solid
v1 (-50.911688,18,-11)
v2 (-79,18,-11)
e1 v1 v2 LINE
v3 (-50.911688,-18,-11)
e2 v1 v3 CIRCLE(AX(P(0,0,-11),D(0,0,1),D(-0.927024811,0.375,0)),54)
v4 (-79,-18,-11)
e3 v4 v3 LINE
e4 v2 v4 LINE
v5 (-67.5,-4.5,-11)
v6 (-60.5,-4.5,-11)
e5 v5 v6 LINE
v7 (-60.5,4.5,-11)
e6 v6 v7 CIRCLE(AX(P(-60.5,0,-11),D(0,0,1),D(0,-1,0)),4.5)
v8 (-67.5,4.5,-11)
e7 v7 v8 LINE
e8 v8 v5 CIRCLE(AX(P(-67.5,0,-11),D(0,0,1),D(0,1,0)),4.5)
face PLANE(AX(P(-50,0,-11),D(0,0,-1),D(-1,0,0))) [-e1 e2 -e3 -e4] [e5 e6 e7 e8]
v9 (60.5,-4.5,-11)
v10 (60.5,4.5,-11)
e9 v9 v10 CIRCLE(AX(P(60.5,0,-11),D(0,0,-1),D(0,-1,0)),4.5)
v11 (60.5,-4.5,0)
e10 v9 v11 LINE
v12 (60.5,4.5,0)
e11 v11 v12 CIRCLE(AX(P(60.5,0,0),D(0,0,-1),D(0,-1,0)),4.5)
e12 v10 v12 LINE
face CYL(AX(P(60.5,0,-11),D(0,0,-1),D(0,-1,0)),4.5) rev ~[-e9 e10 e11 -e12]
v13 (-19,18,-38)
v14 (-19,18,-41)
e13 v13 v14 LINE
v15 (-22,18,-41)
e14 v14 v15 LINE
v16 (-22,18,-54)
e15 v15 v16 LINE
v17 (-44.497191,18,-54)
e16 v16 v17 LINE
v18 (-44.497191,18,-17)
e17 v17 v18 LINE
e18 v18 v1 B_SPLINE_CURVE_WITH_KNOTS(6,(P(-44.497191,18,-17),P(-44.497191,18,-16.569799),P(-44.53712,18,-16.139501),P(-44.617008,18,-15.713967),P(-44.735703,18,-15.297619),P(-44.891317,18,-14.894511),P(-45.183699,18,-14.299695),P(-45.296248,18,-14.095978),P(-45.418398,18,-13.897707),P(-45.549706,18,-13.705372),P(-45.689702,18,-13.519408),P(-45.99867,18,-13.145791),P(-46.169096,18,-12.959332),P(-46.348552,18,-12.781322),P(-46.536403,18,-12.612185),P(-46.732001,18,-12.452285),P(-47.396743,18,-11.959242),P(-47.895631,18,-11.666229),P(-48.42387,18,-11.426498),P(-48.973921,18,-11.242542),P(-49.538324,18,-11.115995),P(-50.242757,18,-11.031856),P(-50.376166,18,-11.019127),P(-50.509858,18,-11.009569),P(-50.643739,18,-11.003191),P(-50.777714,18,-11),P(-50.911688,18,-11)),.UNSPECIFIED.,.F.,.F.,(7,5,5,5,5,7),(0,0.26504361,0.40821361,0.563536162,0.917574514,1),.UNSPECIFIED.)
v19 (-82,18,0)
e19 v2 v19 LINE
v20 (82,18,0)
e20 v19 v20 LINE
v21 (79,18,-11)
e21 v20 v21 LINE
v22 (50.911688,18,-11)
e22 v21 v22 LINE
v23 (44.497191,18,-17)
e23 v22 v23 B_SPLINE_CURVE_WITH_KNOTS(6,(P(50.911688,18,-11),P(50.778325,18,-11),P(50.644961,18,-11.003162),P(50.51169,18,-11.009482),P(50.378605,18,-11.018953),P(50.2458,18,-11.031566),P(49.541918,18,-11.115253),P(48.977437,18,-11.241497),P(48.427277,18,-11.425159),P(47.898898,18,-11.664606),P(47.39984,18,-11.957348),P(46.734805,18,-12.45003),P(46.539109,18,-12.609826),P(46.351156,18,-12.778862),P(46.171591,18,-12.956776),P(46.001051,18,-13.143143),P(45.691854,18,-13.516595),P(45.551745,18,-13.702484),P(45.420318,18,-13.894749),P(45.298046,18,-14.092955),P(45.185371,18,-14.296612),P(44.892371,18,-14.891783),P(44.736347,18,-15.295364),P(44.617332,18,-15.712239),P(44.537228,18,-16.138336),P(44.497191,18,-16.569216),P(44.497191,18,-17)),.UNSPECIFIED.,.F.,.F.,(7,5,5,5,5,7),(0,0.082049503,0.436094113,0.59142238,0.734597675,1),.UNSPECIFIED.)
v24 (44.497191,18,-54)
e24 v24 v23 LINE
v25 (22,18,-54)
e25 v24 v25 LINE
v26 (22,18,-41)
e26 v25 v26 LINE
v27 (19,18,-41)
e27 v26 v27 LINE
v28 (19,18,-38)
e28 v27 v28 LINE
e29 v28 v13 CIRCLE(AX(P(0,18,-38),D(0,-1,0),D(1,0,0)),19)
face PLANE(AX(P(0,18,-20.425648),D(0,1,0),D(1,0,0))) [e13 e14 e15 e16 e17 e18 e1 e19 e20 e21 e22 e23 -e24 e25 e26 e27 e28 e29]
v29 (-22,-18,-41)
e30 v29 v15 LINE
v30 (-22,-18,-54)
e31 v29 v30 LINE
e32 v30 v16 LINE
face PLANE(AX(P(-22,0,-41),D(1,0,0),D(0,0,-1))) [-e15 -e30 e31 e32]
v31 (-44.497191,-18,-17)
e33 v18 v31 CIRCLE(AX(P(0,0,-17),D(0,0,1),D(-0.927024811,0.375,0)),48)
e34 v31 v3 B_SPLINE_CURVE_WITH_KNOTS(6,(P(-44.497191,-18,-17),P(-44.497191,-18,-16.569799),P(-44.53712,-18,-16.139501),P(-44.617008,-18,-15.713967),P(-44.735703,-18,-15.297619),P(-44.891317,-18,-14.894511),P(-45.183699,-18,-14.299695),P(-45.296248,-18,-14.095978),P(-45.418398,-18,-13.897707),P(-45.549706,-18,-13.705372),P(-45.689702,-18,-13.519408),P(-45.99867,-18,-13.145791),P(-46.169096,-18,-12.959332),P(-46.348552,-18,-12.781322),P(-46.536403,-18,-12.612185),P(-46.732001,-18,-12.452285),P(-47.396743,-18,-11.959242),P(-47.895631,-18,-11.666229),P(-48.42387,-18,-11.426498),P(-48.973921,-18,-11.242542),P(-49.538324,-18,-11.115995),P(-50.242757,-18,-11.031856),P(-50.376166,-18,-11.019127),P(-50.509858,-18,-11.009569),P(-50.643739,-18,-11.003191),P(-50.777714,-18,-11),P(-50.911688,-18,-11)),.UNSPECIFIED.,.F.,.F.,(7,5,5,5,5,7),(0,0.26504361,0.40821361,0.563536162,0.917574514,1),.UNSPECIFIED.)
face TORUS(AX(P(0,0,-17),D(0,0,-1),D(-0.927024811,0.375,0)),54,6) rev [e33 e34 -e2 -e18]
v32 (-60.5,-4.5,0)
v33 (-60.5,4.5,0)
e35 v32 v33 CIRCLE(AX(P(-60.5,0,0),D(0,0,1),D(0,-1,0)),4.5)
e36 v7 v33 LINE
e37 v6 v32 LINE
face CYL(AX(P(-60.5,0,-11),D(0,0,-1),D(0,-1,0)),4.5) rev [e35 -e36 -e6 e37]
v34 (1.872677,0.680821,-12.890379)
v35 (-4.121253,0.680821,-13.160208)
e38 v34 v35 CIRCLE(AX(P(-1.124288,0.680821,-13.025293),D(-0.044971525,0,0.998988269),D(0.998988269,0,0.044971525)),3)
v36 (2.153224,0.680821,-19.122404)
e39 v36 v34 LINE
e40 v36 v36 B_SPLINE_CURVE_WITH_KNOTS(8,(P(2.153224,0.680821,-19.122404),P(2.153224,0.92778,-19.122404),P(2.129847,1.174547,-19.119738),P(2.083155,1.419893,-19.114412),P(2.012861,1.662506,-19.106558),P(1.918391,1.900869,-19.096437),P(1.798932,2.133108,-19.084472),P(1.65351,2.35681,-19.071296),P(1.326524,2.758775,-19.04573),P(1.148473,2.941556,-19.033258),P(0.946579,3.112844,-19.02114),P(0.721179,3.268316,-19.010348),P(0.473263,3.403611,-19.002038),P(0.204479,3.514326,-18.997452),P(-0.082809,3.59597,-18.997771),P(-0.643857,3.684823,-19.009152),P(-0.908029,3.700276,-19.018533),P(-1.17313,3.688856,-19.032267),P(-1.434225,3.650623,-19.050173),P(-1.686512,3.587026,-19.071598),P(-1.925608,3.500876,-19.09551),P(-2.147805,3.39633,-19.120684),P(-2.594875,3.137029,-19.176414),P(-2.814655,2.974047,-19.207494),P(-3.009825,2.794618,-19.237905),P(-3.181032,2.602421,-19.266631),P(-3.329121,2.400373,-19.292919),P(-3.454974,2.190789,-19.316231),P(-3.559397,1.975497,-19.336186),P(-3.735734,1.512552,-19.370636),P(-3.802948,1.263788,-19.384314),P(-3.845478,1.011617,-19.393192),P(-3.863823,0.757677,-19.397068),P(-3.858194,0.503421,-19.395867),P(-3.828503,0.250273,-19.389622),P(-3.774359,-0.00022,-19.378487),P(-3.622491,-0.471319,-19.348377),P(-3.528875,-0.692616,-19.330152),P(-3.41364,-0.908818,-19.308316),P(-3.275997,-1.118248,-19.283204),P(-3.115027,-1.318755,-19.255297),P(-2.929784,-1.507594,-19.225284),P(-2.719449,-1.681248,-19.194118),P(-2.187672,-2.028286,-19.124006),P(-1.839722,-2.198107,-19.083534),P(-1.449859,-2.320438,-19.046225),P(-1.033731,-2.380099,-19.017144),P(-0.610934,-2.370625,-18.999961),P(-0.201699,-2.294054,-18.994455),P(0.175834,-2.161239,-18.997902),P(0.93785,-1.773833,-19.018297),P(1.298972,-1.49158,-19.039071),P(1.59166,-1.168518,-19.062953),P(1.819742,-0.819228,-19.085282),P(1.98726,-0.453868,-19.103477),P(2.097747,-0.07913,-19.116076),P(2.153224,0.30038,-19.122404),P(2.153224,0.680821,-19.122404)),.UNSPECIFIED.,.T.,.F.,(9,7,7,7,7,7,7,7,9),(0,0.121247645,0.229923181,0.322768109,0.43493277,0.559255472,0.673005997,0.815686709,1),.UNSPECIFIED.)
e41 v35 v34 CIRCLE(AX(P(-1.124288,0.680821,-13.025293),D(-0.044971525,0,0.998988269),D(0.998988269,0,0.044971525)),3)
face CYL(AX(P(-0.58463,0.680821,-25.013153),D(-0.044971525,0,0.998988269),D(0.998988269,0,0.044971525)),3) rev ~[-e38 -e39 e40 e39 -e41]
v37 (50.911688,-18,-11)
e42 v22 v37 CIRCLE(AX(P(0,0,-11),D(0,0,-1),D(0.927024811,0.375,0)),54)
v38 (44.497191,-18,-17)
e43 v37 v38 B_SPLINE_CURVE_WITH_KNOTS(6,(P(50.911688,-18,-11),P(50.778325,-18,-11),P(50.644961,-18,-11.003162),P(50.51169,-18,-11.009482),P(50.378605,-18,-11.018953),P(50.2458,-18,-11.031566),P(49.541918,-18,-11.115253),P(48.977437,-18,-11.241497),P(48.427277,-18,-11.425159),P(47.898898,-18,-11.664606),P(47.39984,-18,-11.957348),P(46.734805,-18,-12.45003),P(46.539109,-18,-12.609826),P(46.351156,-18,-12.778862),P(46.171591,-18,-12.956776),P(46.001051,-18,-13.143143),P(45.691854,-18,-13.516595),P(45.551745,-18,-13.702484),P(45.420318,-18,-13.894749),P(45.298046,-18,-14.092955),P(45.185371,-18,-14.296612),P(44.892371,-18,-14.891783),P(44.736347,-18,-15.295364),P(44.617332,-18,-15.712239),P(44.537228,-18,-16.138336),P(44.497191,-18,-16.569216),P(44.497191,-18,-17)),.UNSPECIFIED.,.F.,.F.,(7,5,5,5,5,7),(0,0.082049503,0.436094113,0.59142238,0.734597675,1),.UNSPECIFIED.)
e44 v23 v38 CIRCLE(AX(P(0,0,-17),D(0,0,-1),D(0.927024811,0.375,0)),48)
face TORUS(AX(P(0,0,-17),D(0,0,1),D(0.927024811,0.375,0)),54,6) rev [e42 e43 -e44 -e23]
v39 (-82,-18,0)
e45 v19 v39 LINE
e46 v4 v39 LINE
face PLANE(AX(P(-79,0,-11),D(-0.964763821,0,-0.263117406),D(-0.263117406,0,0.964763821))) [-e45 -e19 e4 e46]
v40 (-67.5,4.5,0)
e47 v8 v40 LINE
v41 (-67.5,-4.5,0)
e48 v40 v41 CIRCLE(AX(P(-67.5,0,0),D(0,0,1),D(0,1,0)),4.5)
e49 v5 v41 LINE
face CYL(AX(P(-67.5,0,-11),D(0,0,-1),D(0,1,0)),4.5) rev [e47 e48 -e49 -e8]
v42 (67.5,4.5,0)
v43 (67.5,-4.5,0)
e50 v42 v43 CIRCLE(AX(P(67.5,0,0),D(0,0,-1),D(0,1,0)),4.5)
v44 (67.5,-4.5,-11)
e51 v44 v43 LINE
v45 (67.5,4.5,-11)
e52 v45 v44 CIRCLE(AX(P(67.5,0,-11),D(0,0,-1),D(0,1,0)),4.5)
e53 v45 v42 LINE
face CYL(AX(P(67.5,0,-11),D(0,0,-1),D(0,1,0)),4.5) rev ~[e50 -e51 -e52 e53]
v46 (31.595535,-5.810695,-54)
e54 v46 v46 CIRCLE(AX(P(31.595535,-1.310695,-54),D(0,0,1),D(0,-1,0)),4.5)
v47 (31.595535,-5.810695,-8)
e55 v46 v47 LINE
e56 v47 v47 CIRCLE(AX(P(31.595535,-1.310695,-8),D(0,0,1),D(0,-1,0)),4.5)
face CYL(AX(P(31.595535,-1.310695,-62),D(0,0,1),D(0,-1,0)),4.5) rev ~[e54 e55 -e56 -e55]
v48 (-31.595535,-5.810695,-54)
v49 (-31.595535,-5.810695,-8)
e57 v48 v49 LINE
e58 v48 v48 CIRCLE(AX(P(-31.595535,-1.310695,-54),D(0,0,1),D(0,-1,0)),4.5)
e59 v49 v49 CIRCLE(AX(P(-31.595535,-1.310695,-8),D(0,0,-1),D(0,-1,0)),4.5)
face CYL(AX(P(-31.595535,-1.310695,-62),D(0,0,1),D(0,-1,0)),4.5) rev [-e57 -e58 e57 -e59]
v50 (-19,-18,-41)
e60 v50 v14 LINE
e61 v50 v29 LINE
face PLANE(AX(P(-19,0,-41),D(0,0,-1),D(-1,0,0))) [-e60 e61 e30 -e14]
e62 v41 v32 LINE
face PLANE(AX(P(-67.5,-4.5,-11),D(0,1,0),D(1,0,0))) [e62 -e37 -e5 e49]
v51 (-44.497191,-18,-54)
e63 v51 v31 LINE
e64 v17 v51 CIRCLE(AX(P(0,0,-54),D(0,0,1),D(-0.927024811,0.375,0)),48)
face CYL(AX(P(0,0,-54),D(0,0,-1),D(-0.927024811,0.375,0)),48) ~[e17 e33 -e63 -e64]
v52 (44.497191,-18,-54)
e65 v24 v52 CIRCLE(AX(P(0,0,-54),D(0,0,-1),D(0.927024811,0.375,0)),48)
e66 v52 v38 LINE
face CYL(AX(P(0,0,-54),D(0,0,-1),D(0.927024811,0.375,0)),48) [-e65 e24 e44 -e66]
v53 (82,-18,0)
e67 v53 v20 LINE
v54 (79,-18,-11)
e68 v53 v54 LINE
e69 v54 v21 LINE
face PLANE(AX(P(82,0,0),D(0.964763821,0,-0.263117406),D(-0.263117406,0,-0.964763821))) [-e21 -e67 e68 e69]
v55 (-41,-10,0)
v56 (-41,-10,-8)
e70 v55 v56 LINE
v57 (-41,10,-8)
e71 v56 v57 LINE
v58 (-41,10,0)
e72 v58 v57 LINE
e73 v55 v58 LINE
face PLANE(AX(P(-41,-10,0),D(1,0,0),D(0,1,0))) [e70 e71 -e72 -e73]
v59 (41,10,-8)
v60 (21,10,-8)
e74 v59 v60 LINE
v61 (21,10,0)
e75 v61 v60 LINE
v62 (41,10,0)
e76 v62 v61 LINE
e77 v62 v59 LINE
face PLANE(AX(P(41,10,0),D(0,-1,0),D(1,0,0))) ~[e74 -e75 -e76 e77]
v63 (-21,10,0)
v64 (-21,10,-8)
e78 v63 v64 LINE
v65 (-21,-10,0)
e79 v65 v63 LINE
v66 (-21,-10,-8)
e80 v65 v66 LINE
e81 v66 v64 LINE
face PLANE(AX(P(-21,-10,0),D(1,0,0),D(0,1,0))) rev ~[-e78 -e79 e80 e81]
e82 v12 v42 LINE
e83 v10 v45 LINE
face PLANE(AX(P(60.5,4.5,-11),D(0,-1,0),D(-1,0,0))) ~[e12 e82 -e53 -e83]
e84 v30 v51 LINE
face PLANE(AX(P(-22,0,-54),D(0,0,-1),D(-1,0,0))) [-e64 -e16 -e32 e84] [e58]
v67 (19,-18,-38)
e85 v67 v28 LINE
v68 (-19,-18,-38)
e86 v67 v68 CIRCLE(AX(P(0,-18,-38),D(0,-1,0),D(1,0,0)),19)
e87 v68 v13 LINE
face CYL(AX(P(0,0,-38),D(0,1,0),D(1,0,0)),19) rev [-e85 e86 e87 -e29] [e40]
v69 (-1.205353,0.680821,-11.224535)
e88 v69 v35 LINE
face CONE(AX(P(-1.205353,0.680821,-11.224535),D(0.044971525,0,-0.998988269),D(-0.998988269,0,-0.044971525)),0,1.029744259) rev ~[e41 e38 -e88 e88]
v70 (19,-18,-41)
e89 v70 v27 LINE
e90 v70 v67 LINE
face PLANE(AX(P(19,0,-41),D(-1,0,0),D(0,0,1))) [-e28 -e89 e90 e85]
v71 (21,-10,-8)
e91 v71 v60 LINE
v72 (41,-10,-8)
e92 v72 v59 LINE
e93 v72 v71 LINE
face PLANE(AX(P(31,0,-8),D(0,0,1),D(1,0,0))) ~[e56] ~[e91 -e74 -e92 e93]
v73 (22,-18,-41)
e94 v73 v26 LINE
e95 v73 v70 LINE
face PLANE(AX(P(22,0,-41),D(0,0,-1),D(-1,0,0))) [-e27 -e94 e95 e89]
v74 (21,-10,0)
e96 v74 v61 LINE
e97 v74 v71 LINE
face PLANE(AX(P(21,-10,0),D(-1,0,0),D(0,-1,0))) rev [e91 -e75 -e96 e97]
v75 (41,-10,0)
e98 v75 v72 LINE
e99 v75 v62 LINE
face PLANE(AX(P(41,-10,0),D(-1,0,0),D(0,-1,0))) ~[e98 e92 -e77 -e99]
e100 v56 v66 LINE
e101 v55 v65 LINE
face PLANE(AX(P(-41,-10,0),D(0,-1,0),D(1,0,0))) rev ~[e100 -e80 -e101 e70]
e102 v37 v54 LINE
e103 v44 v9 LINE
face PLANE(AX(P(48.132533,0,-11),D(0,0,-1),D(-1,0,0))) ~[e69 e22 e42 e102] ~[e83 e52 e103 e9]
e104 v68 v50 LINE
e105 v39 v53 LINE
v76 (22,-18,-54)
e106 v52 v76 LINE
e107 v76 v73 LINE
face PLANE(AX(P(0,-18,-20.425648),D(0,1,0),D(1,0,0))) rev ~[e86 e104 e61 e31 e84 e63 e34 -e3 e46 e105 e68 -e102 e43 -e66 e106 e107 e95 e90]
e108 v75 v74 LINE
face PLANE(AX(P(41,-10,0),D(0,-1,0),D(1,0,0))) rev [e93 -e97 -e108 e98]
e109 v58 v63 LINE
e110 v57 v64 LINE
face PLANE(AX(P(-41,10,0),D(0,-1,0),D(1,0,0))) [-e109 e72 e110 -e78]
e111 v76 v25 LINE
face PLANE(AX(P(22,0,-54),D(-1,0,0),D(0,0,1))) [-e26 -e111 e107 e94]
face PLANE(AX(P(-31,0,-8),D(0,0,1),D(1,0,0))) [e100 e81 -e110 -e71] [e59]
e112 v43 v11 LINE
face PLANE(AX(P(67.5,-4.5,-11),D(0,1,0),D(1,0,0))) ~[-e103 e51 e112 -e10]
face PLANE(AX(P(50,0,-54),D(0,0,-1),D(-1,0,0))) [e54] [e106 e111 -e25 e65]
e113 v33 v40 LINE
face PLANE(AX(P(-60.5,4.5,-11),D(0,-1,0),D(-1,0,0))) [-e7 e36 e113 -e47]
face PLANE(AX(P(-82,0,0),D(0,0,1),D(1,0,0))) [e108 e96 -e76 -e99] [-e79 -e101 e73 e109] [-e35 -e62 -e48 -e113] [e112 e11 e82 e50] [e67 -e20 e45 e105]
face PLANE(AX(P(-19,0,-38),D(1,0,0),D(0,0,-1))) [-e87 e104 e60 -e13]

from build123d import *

# Parameters (mm, degrees)
BOSS_EXTRUDE1_DEPTH        = 18
SKETCH2_W                  = 20
SKETCH2_H                  = 20
CUT_EXTRUDE1_DEPTH         = 8
CUT_EXTRUDE2_DEPTH         = 11
F_10_0MM_DOWEL_HOLE3_D     = 6
F_10_0MM_DOWEL_HOLE3_DEPTH = 6
F_10_0MM_DOWEL_HOLE3_TIP   = 1.802581857
CUT_EXTRUDE4_DEPTH         = 43
FILLET1_R                  = 6
FILLET2_R                  = 6


with BuildPart() as part:
    # Sketch1 → Boss-Extrude1 (new body, symmetric)
    with BuildSketch(Plane(origin=(0, 0, 0), x_dir=(1, 0, 0), z_dir=(0, 1, 0))):
        with BuildLine():
            Line((-82, 0), (82, 0))
            Line((82, 0), (79, 11))
            Line((79, 11), (50, 11))
            Line((50, 11), (50, 54))
            Line((50, 54), (22, 54))
            Line((22, 54), (22, 41))
            Line((22, 41), (19, 41))
            Line((19, 41), (19, 38))
            ThreePointArc((19, 38), (0, 19), (-19, 38))
            Line((-19, 38), (-19, 41))
            Line((-19, 41), (-22, 41))
            Line((-22, 41), (-22, 54))
            Line((-22, 54), (-50, 54))
            Line((-50, 54), (-50, 11))
            Line((-50, 11), (-79, 11))
            Line((-79, 11), (-82, 0))
        make_face()
    extrude(amount=BOSS_EXTRUDE1_DEPTH, both=True)

    # Sketch2 → Cut-Extrude1 (cut)
    with BuildSketch(Plane.XY):
        with Locations((-31, 0)):
            Rectangle(SKETCH2_W, SKETCH2_H)
    cut_extrude1 = extrude(amount=-CUT_EXTRUDE1_DEPTH, mode=Mode.SUBTRACT)

    # Sketch3 → Ø10.0mm Dowel Hole1 (revolve, cut)
    with BuildSketch(Plane(origin=(-31.595535199, -1.31069469, -8), x_dir=(0, -1, 0), z_dir=(1, 0, 0))):
        Polygon((0, 0), (0, 56.703872786), (4.5, 54), (4.5, 0), align=None)
    f_10_0mm_dowel_hole1 = revolve(axis=Axis((-31.595535199, -1.31069469, -1.65), (0, 0, -1)), mode=Mode.SUBTRACT)

    # Sketch5 → Cut-Extrude2 (cut)
    with BuildSketch(Plane(origin=(0, 0, -11), x_dir=(-1, 0, 0), z_dir=(0, 0, -1))):
        with BuildLine():
            Line((60.5, 4.5), (67.5, 4.5))
            ThreePointArc((67.5, 4.5), (72, 0), (67.5, -4.5))
            Line((67.5, -4.5), (60.5, -4.5))
            ThreePointArc((60.5, -4.5), (56, 0), (60.5, 4.5))
        make_face()
    cut_extrude2 = extrude(amount=-CUT_EXTRUDE2_DEPTH, mode=Mode.SUBTRACT)

    # Mirror5: Cut-Extrude1, Ø10.0mm Dowel Hole1, Cut-Extrude2 across plane
    add(cut_extrude1.mirror(Plane(origin=(0, 0, 0), x_dir=(0, 0, 1), z_dir=(1, 0, 0))), mode=Mode.SUBTRACT)
    add(f_10_0mm_dowel_hole1.mirror(Plane(origin=(0, 0, 0), x_dir=(0, 0, 1), z_dir=(1, 0, 0))), mode=Mode.SUBTRACT)
    add(cut_extrude2.mirror(Plane(origin=(0, 0, 0), x_dir=(0, 0, 1), z_dir=(1, 0, 0))), mode=Mode.SUBTRACT)

    # Ø10.0mm Dowel Hole3
    with Locations(Plane(origin=(-0.854458973, 0.680821322, -19.019222886), x_dir=(-0.998988269, 0, -0.044971525), z_dir=(0.044971525, 0, -0.998988269))):
        with Locations((0, 0)):
            Hole(F_10_0MM_DOWEL_HOLE3_D / 2, depth=F_10_0MM_DOWEL_HOLE3_DEPTH)
            with Locations((0, 0, -(F_10_0MM_DOWEL_HOLE3_DEPTH + F_10_0MM_DOWEL_HOLE3_TIP / 2))):  # 118° drill point
                Cone(0, F_10_0MM_DOWEL_HOLE3_D / 2, F_10_0MM_DOWEL_HOLE3_TIP, mode=Mode.SUBTRACT)

    # Sketch11 → Cut-Extrude4 (cut)
    with BuildSketch(Plane.XY.offset(-54)):
        with BuildLine():
            Line((-44.497190923, -18), (-50, -18))
            Line((-50, -18), (-50, 18))
            Line((-50, 18), (-44.497190923, 18))
            ThreePointArc((-44.497190923, 18), (-48, 0), (-44.497190923, -18))
        make_face()
    cut_extrude4 = extrude(amount=CUT_EXTRUDE4_DEPTH, mode=Mode.SUBTRACT)

    # Mirror6: Cut-Extrude4 across plane
    add(cut_extrude4.mirror(Plane(origin=(0, 0, 0), x_dir=(0, 0, 1), z_dir=(1, 0, 0))), mode=Mode.SUBTRACT)

    # Fillet1
    fillet1_edges = [part.edges().sort_by_distance(p)[0] for p in [
        (-48, 0, -11),
    ]]
    fillet(fillet1_edges, radius=FILLET1_R)

    # Fillet2
    fillet2_edges = [part.edges().sort_by_distance(p)[0] for p in [
        (48, 0, -11),
    ]]
    fillet(fillet2_edges, radius=FILLET2_R)


solid = part.part
